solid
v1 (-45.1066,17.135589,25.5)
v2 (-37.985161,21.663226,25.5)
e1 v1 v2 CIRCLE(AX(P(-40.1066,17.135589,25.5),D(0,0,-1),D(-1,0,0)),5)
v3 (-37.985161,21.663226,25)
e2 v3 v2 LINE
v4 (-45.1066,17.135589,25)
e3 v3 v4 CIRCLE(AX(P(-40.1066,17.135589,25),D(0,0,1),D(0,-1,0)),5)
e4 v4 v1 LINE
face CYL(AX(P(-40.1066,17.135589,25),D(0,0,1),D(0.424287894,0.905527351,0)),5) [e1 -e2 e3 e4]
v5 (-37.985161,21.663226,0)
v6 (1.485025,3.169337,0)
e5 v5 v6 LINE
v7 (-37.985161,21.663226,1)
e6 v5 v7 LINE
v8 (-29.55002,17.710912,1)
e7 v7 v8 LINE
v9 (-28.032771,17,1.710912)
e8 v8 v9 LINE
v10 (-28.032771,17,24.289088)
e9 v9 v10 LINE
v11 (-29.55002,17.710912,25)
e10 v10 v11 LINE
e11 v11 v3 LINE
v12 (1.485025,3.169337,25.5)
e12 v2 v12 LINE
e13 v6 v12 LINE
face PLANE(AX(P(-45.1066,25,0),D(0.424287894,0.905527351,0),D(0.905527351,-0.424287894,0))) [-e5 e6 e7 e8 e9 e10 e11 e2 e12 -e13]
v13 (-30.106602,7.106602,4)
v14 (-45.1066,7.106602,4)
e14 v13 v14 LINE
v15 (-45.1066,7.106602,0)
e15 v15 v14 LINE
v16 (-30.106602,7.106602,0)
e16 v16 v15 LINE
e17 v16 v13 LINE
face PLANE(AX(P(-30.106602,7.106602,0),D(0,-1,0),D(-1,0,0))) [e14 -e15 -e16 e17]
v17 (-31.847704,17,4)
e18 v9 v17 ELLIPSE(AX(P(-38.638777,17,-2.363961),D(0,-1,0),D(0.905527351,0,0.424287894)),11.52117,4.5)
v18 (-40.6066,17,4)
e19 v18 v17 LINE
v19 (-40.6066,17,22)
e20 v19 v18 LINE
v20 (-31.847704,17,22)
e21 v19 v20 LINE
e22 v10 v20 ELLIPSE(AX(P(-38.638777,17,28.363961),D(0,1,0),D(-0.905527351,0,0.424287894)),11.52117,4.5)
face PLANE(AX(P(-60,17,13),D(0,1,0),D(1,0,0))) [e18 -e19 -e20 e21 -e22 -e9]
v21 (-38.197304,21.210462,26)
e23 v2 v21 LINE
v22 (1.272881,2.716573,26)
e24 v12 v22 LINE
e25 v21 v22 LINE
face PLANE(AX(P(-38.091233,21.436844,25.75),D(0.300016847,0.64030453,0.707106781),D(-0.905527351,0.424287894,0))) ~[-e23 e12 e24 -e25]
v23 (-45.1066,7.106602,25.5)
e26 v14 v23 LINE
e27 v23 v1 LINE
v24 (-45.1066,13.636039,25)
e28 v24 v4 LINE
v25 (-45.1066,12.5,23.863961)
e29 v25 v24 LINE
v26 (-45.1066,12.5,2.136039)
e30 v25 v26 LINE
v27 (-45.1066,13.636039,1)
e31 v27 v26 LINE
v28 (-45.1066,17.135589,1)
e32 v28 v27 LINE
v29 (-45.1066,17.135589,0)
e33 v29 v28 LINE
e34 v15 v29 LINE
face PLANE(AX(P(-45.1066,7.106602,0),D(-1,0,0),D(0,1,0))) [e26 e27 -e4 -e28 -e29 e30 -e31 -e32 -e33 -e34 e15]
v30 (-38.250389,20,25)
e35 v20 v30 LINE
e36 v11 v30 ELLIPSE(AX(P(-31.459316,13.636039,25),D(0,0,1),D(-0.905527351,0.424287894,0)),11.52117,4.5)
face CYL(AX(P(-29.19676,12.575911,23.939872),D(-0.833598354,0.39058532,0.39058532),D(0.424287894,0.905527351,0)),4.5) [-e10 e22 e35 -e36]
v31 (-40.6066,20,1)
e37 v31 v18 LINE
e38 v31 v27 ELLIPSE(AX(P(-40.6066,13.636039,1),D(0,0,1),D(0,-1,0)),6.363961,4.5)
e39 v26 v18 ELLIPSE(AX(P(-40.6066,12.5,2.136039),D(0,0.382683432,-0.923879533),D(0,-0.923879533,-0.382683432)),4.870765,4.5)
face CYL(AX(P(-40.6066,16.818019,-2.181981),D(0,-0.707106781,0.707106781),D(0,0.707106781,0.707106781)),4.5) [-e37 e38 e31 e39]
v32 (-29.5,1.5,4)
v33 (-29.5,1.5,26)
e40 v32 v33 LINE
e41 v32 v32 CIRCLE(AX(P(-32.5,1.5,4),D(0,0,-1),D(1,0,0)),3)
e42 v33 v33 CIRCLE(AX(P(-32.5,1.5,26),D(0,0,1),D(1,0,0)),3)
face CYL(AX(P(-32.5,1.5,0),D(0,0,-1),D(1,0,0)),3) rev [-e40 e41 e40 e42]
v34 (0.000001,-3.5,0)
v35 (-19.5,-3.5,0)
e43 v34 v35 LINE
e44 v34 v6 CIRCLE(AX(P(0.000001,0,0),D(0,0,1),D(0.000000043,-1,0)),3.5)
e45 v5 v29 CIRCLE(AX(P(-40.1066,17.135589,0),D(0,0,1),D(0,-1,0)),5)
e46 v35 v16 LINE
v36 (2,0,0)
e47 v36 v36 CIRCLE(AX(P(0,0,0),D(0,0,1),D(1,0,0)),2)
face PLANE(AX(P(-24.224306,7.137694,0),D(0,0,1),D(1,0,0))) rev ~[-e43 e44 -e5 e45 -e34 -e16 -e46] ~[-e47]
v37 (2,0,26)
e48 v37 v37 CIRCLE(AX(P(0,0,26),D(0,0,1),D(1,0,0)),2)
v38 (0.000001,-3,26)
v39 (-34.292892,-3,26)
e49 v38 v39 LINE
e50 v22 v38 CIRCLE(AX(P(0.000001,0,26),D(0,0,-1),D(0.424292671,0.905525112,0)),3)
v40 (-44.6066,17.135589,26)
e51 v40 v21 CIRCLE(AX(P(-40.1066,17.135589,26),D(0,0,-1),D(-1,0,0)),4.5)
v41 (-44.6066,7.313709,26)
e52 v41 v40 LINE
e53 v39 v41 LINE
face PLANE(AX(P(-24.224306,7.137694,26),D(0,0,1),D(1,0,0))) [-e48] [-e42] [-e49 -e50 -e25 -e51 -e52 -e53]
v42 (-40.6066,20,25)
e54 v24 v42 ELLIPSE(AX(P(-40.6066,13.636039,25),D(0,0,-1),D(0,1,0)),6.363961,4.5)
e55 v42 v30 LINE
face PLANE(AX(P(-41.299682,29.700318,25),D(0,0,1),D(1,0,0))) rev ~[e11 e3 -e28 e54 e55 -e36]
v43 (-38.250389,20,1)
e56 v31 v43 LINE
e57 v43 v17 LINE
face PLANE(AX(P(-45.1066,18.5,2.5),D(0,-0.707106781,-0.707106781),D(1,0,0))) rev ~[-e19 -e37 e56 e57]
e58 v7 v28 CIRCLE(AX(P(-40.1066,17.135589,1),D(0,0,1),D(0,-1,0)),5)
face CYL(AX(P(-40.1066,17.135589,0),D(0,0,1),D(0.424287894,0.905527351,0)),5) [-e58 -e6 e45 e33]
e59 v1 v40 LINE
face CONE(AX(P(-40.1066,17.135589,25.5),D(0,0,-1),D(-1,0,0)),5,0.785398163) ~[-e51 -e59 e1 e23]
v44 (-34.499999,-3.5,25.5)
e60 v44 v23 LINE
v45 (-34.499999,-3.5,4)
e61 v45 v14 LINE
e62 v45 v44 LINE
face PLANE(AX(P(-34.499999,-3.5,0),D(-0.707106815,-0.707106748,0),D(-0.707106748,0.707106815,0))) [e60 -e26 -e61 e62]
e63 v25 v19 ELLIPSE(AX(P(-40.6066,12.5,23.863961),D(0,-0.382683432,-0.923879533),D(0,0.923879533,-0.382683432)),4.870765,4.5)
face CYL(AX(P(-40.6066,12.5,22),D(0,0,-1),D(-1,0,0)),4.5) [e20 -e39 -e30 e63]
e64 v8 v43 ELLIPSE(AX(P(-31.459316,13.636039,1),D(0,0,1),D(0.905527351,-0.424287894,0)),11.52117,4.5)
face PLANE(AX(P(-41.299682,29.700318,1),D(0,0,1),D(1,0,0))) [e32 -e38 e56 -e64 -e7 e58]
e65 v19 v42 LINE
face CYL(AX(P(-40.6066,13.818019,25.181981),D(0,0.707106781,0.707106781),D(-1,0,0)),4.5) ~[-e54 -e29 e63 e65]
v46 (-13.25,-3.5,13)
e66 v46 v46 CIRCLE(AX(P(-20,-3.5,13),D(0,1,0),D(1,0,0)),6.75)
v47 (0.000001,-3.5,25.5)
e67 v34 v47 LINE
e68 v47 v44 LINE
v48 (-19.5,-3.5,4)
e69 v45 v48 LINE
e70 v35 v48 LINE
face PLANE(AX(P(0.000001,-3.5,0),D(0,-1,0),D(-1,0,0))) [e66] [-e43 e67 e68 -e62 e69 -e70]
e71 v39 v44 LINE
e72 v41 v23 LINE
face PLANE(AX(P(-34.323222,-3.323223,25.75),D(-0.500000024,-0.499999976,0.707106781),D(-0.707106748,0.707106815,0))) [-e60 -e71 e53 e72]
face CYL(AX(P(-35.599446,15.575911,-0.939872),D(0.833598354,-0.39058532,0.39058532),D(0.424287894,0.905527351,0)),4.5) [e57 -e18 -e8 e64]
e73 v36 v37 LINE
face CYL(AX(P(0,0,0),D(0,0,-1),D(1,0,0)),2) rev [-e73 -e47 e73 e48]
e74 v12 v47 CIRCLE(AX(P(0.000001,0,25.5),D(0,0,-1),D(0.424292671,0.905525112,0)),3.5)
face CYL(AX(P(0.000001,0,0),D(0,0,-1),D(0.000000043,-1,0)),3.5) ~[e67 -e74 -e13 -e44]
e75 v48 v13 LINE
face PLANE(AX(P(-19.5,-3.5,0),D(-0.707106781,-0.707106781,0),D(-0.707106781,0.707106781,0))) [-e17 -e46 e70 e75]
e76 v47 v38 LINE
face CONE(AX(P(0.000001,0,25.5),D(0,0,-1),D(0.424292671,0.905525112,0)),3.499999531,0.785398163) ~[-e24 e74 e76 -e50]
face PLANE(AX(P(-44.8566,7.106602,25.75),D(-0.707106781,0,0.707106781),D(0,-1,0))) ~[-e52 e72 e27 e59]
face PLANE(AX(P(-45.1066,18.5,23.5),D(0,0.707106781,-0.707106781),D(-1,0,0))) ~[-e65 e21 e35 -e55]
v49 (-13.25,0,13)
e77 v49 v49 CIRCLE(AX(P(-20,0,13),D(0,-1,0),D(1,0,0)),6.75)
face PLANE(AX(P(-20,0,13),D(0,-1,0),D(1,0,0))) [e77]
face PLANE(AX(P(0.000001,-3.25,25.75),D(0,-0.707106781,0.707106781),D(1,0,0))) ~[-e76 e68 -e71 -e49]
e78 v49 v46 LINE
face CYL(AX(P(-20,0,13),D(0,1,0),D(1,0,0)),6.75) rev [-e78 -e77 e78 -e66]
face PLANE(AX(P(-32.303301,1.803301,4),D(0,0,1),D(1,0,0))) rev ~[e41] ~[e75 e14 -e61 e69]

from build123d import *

# Parameters (mm, degrees)
SKETCH_R          = 2
PAD_DEPTH         = 26
POCKET_DEPTH      = 12
POCKET_DEPTH_BACK = -12
POCKET001_DEPTH   = 4
CHAMFER_SIZE      = 3
SKETCH003_R       = 3
POCKET002_DEPTH   = 26
SKETCH004_R       = 6.75
POCKET003_DEPTH   = 5
FILLET_R          = 4.5
FILLET001_R       = 5
CHAMFER001_SIZE   = 0.5


with BuildPart() as part:
    # Sketch → Pad (new body)
    with BuildSketch(Plane.XY):
        with BuildLine():
            ThreePointArc((1e-06, -3.5), (3.416335, -0.760696), (1.485025, 3.169337))
            Line((-45.1066, 25), (1.485025, 3.169337))
            Line((-45.1066, 7.106602), (-45.1066, 25))
            Line((-34.499999, -3.5), (-45.1066, 7.106602))
            Line((1e-06, -3.5), (-34.499999, -3.5))
        make_face()
        Circle(SKETCH_R, mode=Mode.SUBTRACT)
    extrude(amount=PAD_DEPTH)

    # Sketch001 (on DatumPlane) → Pocket (cut, two sides)
    with BuildSketch(Plane.XY.offset(13)) as pocket_sk:
        Polygon((-60, 17), (-10, 17), (-60, 55), align=None)
    extrude(amount=-POCKET_DEPTH, mode=Mode.SUBTRACT)
    extrude(pocket_sk.sketch, amount=-POCKET_DEPTH_BACK, mode=Mode.SUBTRACT)

    # Sketch002 → Pocket001 (cut)
    with BuildSketch(Plane.XY):
        Polygon((-19.5, -3.5), (-30.106602, 7.106602), (-45.106602, 7.106602), (-34.5, -3.5), align=None)
    extrude(amount=POCKET001_DEPTH, mode=Mode.SUBTRACT)

    # Chamfer
    chamfer_edges = [part.edges().sort_by_distance(p)[0] for p in [
        (-36.569686, 17, 1),
        (-36.569686, 17, 25),
    ]]
    chamfer(chamfer_edges, length=CHAMFER_SIZE)

    # Sketch003 → Pocket002 (cut)
    with BuildSketch(Plane.XY):
        with Locations((-32.5, 1.5)):
            Circle(SKETCH003_R)
    extrude(amount=POCKET002_DEPTH, mode=Mode.SUBTRACT)

    # Sketch004 → Pocket003 (cut)
    with BuildSketch(Plane.XZ):
        with Locations((-20, 13)):
            Circle(SKETCH004_R)
    extrude(amount=POCKET003_DEPTH, mode=Mode.SUBTRACT)

    # Fillet
    fillet_edges = [part.edges().sort_by_distance(p)[0] for p in [
        (-45.1066, 17, 13),
        (-45.1066, 18.5, 2.5),
        (-45.1066, 18.5, 23.5),
        (-31.234114, 18.5, 23.5),
        (-31.234114, 18.5, 2.5),
    ]]
    fillet(fillet_edges, radius=FILLET_R)

    # Fillet001
    fillet001_edges = [part.edges().sort_by_distance(p)[0] for p in [
        (-45.1066, 25, 0.5),
        (-45.1066, 25, 25.5),
    ]]
    fillet(fillet001_edges, radius=FILLET001_R)

    # Chamfer001
    chamfer001_edges = [part.edges().sort_by_distance(p)[0] for p in [
        (-39.803299, 1.803301, 26),
        (-18.250068, 12.416282, 26),
    ]]
    chamfer(chamfer001_edges, length=CHAMFER001_SIZE)


solid = part.part
